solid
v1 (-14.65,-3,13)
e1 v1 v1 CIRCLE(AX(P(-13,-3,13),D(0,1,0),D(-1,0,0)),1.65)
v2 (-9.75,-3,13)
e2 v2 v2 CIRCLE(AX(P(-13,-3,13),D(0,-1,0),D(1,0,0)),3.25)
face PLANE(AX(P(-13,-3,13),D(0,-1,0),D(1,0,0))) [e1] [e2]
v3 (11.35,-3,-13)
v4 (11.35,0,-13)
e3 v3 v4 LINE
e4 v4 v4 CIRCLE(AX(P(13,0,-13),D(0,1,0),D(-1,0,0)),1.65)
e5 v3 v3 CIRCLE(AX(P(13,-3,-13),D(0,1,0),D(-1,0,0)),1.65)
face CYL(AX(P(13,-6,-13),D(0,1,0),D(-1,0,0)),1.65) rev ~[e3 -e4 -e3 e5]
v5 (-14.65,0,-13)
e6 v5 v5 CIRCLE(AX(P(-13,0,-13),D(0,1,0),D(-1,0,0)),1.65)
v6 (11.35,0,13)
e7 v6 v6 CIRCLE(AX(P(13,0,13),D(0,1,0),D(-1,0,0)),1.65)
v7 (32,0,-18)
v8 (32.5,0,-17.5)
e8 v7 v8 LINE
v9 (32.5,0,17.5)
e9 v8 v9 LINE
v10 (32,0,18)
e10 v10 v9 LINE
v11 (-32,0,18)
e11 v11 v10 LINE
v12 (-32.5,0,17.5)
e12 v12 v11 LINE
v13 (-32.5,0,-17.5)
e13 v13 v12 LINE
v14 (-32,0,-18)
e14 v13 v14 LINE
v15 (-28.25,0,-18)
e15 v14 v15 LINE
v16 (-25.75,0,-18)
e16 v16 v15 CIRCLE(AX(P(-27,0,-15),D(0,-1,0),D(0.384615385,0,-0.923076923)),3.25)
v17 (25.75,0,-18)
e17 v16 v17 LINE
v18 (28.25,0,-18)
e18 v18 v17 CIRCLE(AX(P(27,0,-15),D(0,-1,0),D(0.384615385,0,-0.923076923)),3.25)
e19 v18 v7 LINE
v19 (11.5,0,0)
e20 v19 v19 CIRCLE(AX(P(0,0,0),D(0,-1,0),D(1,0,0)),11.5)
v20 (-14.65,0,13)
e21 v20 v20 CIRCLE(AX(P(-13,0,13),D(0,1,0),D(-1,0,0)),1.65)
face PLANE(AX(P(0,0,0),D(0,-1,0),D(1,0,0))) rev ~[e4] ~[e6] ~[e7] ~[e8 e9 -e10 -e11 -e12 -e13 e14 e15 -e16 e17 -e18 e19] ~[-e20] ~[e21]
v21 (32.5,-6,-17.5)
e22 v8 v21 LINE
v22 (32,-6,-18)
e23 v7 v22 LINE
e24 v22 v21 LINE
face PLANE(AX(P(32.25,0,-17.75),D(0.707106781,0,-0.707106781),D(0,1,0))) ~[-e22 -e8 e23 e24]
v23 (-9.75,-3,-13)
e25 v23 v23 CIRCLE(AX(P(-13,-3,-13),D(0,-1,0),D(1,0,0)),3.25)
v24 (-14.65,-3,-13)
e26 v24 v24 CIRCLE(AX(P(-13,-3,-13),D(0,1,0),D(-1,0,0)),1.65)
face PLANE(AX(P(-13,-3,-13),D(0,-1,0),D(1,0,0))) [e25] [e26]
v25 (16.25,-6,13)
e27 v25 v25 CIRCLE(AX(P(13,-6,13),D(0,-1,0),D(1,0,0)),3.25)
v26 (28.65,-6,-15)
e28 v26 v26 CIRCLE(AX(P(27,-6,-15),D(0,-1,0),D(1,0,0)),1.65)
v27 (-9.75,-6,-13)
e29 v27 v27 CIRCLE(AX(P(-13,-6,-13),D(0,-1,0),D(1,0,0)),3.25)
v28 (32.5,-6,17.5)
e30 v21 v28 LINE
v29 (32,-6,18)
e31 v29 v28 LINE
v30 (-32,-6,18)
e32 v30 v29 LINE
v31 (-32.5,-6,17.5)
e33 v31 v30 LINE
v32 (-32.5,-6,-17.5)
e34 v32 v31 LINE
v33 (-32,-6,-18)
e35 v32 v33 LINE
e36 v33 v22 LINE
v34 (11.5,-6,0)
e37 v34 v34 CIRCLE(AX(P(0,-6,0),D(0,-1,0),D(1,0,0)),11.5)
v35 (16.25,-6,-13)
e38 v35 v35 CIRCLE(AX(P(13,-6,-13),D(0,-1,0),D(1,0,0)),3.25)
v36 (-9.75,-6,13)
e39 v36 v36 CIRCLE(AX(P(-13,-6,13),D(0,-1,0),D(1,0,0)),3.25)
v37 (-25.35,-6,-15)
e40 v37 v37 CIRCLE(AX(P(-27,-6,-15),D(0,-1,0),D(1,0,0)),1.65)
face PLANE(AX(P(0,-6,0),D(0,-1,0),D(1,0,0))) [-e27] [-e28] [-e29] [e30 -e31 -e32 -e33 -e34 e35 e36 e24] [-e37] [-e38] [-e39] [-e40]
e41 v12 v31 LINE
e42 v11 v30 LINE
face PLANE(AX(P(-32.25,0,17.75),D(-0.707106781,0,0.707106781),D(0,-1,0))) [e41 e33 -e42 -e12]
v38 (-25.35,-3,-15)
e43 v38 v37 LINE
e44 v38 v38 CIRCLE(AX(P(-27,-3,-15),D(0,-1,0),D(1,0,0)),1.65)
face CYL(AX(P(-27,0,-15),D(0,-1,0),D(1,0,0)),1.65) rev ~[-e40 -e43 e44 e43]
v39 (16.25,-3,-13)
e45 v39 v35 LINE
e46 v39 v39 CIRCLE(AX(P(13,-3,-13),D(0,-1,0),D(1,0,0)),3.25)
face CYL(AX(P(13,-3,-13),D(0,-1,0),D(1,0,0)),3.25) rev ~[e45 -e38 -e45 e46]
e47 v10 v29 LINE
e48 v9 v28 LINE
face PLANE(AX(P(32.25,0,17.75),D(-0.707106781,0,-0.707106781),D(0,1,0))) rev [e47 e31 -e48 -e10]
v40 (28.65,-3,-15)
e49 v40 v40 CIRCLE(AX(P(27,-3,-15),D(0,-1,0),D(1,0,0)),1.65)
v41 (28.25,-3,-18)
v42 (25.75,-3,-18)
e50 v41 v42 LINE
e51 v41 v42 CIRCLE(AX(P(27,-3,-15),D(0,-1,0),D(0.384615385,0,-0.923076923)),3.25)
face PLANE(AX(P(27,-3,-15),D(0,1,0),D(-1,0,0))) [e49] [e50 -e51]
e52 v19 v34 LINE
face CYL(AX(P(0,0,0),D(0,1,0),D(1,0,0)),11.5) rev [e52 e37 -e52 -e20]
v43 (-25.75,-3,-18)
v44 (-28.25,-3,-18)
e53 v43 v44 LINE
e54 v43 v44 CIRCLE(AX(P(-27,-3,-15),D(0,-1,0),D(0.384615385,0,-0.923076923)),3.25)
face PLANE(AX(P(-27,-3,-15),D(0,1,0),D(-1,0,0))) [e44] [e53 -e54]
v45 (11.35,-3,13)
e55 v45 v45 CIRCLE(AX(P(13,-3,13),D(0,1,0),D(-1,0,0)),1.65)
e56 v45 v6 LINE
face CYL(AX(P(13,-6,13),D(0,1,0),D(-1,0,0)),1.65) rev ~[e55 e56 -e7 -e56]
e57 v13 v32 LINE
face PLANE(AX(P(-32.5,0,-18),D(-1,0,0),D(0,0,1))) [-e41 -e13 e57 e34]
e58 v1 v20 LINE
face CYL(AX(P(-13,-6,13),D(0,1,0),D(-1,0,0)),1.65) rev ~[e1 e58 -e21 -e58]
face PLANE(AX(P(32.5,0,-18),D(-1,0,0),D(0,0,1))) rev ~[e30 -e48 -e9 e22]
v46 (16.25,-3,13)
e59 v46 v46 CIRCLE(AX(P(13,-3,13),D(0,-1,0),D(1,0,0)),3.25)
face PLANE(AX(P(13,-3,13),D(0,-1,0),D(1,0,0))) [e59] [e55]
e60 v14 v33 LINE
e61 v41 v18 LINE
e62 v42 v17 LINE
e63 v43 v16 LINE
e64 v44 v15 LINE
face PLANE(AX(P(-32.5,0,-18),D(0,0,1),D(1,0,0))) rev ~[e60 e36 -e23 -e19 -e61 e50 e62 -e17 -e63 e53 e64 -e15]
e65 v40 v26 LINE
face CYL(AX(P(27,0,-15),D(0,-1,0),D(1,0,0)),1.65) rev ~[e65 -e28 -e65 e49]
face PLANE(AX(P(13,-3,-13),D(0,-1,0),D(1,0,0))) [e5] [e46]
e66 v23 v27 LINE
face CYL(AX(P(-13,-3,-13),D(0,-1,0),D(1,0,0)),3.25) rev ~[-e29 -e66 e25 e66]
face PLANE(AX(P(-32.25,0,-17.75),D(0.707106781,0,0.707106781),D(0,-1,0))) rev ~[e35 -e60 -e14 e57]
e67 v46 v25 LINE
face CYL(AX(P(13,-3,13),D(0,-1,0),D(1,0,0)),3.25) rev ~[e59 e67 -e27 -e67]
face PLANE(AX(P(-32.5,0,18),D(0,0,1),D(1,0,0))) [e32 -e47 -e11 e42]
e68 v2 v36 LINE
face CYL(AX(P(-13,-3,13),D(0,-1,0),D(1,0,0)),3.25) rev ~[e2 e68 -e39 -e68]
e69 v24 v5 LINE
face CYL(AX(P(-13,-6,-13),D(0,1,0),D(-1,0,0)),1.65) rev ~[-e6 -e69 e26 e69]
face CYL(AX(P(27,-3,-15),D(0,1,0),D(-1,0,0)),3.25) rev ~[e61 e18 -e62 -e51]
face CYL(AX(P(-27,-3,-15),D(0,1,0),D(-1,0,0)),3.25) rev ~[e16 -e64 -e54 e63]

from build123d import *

# Parameters (mm, degrees)
F0_W           = 65
F0_H           = 36
F0_R           = 11.5
F1_DEPTH       = 6
F3_D           = 3.3
F3_CBORE_D     = 6.5
F3_CBORE_DEPTH = 3
F4_SIZE        = 0.5
F6_D           = 3.3
F6_CBORE_D     = 6.5
F6_CBORE_DEPTH = 3


with BuildPart() as f1:
    # F0 (on Front) → F1 (new body)
    with BuildSketch(Plane.XZ):
        Rectangle(F0_W, F0_H)
        Circle(F0_R, mode=Mode.SUBTRACT)
    extrude(amount=F1_DEPTH)

    # F3 (through all)
    with Locations(Plane.XZ.offset(6)):
        with Locations((13, 13), (13, -13), (-13, -13), (-13, 13)):
            CounterBoreHole(F3_D / 2, F3_CBORE_D / 2, F3_CBORE_DEPTH)

    # F4
    f4_edges = [f1.edges().sort_by_distance(p)[0] for p in [
        (-32.5, -3, 18),
        (32.5, -3, 18),
        (32.5, -3, -18),
        (-32.5, -3, -18),
    ]]
    chamfer(f4_edges, length=F4_SIZE)

    # F6 (through all)
    with Locations(Plane(origin=(0, 0, 0), x_dir=(-1, 0, 0), z_dir=(0, 1, 0))):
        with Locations((-27, -15), (27, -15)):
            CounterBoreHole(F6_D / 2, F6_CBORE_D / 2, F6_CBORE_DEPTH)


solid = f1.part
